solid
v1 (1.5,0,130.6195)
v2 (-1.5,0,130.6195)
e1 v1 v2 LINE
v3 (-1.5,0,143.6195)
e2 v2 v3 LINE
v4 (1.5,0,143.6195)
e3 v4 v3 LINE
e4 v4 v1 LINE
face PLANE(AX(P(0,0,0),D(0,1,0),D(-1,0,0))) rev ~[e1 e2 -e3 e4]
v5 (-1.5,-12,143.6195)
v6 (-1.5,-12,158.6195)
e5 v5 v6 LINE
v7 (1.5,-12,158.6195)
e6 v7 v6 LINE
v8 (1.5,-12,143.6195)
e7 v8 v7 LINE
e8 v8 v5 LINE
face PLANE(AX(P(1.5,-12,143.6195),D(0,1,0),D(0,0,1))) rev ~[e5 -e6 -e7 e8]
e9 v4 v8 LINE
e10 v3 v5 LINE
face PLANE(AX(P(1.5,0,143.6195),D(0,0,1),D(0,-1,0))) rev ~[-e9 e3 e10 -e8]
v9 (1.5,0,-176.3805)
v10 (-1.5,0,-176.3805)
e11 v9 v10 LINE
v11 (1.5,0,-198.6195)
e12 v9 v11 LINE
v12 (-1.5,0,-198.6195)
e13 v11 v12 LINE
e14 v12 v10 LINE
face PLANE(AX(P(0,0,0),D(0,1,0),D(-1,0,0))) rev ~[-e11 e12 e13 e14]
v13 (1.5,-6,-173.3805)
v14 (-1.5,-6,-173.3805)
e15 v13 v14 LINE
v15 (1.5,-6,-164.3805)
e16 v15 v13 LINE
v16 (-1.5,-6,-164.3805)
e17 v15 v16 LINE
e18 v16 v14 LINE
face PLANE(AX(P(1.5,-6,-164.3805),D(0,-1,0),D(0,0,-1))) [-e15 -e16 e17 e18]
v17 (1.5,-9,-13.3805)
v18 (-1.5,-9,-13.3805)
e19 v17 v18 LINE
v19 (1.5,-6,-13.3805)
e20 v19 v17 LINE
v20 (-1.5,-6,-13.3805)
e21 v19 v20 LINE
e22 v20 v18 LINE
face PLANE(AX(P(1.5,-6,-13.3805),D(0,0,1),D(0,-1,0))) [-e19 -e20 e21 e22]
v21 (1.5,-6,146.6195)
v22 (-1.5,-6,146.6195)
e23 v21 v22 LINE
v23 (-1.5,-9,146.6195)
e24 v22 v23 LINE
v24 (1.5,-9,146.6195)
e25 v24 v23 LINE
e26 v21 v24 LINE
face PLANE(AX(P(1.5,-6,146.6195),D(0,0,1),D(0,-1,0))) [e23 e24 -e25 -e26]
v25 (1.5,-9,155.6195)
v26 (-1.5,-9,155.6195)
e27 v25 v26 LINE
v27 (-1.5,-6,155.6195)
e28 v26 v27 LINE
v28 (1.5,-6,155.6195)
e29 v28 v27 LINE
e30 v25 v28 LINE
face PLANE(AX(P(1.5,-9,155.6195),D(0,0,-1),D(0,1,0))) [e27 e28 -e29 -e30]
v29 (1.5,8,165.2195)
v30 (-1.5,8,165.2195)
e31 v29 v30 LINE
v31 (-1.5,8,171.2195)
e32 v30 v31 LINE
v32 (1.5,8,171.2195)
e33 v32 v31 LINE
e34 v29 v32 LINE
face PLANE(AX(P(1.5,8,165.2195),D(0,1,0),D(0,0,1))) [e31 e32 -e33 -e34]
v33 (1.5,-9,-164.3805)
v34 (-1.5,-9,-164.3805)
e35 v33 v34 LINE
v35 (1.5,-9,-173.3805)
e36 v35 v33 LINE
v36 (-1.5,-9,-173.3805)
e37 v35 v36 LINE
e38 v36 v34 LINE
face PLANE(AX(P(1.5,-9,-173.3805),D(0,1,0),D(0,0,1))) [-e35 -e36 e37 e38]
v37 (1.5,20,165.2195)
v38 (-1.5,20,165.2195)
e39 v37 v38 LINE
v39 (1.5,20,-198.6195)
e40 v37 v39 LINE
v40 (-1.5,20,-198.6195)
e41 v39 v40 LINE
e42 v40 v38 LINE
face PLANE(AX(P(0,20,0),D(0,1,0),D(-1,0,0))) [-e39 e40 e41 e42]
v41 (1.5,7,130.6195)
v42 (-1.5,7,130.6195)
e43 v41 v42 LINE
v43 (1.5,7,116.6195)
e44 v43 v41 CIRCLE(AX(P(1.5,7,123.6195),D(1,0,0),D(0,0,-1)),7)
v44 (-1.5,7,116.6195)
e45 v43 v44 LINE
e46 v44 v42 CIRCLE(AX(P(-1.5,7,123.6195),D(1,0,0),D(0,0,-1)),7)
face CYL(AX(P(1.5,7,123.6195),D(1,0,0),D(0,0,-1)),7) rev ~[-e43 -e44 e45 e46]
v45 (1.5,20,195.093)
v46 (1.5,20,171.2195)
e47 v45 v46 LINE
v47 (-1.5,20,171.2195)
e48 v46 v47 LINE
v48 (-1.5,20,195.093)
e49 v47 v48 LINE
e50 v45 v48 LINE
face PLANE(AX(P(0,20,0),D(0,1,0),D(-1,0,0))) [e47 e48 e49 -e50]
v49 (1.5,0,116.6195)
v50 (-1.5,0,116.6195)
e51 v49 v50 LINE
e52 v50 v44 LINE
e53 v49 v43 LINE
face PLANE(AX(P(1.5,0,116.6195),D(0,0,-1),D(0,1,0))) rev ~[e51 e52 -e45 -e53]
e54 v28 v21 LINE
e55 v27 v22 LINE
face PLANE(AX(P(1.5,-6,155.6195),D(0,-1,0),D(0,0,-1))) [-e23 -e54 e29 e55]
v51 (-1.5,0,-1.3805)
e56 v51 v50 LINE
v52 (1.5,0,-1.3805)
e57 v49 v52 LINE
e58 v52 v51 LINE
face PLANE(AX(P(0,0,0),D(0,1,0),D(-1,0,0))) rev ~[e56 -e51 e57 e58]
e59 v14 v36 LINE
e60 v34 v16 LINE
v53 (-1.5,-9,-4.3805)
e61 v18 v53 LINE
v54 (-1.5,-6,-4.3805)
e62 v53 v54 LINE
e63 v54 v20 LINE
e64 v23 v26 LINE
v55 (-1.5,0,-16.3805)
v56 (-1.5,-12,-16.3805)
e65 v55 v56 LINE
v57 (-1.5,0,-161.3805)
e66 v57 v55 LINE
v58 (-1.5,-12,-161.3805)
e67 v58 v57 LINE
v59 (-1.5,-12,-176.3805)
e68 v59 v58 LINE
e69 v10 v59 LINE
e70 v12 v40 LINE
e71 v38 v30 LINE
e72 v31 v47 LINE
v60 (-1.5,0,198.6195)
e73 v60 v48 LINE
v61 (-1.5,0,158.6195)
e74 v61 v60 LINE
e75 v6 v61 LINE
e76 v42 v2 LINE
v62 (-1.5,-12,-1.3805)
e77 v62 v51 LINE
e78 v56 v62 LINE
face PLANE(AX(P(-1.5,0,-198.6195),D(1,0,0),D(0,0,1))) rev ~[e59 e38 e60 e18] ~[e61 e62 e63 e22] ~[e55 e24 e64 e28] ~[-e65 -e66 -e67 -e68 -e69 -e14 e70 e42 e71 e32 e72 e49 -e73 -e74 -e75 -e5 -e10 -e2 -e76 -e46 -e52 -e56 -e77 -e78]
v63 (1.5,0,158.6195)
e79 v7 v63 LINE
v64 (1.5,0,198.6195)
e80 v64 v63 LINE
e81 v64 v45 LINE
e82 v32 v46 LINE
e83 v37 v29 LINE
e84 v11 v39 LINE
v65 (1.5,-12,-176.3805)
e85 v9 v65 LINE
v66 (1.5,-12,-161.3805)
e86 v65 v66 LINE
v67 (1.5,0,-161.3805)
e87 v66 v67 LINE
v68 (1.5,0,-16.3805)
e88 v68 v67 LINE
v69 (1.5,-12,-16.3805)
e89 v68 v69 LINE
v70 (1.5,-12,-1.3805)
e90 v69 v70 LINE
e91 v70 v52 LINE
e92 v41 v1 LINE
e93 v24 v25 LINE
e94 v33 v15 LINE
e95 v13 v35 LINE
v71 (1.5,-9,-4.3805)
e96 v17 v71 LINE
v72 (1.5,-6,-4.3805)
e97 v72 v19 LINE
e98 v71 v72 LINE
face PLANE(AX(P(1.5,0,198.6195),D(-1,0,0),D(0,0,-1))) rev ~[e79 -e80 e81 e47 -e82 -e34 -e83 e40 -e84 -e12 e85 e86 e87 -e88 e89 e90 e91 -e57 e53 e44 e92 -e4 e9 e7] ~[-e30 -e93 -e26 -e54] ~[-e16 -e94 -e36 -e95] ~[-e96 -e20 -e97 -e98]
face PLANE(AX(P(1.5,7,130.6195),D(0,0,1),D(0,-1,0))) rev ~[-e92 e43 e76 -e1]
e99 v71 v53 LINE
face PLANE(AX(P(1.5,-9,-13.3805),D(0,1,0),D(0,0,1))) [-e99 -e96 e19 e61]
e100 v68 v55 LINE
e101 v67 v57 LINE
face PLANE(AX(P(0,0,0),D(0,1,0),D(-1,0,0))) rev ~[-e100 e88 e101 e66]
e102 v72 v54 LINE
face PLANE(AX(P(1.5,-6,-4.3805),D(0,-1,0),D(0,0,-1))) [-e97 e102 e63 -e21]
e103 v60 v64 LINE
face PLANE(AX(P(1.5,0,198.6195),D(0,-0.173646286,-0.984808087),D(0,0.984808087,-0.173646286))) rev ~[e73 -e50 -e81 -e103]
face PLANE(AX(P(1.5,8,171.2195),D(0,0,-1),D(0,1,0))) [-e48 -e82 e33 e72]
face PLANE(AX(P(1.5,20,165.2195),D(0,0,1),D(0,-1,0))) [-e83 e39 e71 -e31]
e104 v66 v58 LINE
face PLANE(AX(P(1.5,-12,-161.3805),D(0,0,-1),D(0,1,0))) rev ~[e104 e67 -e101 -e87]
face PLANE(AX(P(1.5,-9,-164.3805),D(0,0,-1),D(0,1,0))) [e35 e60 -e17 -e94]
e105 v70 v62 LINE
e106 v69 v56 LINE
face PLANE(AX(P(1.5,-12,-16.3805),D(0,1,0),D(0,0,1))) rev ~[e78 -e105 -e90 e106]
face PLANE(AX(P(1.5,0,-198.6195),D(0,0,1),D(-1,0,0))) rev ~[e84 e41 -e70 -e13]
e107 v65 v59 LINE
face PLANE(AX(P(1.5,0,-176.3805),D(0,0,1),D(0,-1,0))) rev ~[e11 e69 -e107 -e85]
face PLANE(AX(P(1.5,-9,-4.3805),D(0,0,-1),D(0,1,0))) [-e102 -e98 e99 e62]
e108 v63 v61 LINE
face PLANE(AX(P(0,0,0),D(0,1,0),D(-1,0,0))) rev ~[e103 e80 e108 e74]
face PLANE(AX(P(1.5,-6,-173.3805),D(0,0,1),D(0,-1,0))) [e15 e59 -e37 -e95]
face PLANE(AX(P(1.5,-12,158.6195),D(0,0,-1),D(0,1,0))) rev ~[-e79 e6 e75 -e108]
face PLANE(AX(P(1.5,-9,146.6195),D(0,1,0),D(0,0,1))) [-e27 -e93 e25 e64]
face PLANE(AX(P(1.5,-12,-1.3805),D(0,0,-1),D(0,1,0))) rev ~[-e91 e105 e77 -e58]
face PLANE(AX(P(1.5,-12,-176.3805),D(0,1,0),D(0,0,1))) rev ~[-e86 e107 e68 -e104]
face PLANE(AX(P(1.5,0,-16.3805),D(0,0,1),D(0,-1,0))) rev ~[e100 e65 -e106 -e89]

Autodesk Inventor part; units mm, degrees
ref_plane "YZ Plane" through (0, 0, 0) normal (1, 0, 0) x (0, 1, 0)
ref_plane "XZ Plane" through (0, 0, 0) normal (0, 1, 0) x (-1, 0, 0)
ref_plane "XY Plane" through (0, 0, 0) normal (0, 0, 1) x (1, 0, 0)
sketch "Sketch2" plane through (0, 0, 0) normal (0, 1, 0) x (-1, 0, 0)
  line L0 (-1.5, -198.6195) -> (1.5, -198.6195)
  line L1 (1.5, -198.6195) -> (1.5, 198.6195)
  line L2 (1.5, 198.6195) -> (-1.5, 198.6195)
  line L3 (-1.5, 198.6195) -> (-1.5, -198.6195)
  line L4 (-1.5, -198.6195) -> (1.5, 198.6195) construction
  line L5 (1.5, -198.6195) -> (-1.5, 198.6195) construction
  point P0 (0, 0)
  dimension "d0" = 3
  dimension "d1" = 397.239
extrude "Extrusion1" add sketch "Sketch2" along normal blind 20
sketch "Sketch3" plane through (1.5, 0, 198.6195) normal (1, 0, 0) x (0, 0, -1)
  line L0 (397.239, 0) -> (0, 0) projected
  line L1 (68, 0) -> (82, 0)
  line L2 (82, 0) -> (82, 7)
  line L3 (68, 7) -> (68, 0)
  arc A0 (82, 7) -> (68, 7) centre (75, 7) ccw
  arc A1 (68, 7) -> (82, 7) centre (75, 7) ccw construction
  line L4 (0, 0) -> (0, 20) projected
  point P0 (198.6195, 0)
  dimension "d4" = 14
  dimension "d5" = 7
  dimension "d6" = 14
  dimension "d9" = 75
extrude "Extrusion2" cut sketch "Sketch3" against normal through all
sketch "Sketch4" plane through (1.5, 0, -198.6195) normal (1, 0, 0) x (0, 0, -1)
  line L0 (-329.239, 0) -> (-397.239, 0) projected
  line L1 (-397.239, 0) -> (-397.239, 20) projected
  line L2 (-397.239, 0) -> (-397.239, 20)
  line L3 (-397.239, 20) -> (-393.7125, 20)
  line L4 (-397.239, 20) -> (0, 20) projected
  line L5 (-397.239, 0) -> (-393.7125, 20)
  point P0 (-198.6195, 0)
  dimension "d10" = 10
extrude "Extrusion3" cut sketch "Sketch4" against normal through all
sketch "Sketch6" plane through (1.5, 0, -198.6195) normal (1, 0, 0) x (0, 0, -1)
  line L0 (-393.7125, 20) -> (0, 20) projected
  line L1 (-369.839, 20) -> (-363.839, 20)
  line L2 (-363.839, 20) -> (-363.839, 8)
  line L3 (-363.839, 8) -> (-369.839, 8)
  line L4 (-369.839, 8) -> (-369.839, 20)
  line L5 (-329.239, 0) -> (-397.239, 0) construction
  line L6 (-397.239, 0) -> (-397.239, 30) construction
  point P0 (-198.6195, 0)
  dimension "d20" = 6
  dimension "d21" = 12
  dimension "d25" = 27.4
extrude "Extrusion5" cut sketch "Sketch6" against normal blind 6
sketch "Sketch7" plane through (1.5, 0, -198.6195) normal (1, 0, 0) x (0, 0, -1)
  line L0 (-357.239, 0) -> (-342.239, 0)
  line L1 (-342.239, 0) -> (-342.239, -12)
  line L2 (-342.239, -12) -> (-357.239, -12)
  line L3 (-357.239, -12) -> (-357.239, 0)
  line L4 (-354.239, -6) -> (-345.239, -6)
  line L5 (-345.239, -6) -> (-345.239, -9)
  line L6 (-345.239, -9) -> (-354.239, -9)
  line L7 (-354.239, -9) -> (-354.239, -6)
  line L8 (-397.239, 0) -> (-329.239, 0) projected
  line L9 (-197.239, 0) -> (-182.239, 0)
  line L10 (-182.239, 0) -> (-182.239, -12)
  line L11 (-182.239, -12) -> (-197.239, -12)
  line L12 (-197.239, -12) -> (-197.239, 0)
  line L13 (-194.239, -6) -> (-185.239, -6)
  line L14 (-185.239, -6) -> (-185.239, -9)
  line L15 (-185.239, -9) -> (-194.239, -9)
  line L16 (-194.239, -9) -> (-194.239, -6)
  line L17 (-37.239, 0) -> (-22.239, 0)
  line L18 (-22.239, 0) -> (-22.239, -12)
  line L19 (-22.239, -12) -> (-37.239, -12)
  line L20 (-37.239, -12) -> (-37.239, 0)
  line L21 (-34.239, -6) -> (-25.239, -6)
  line L22 (-25.239, -6) -> (-25.239, -9)
  line L23 (-25.239, -9) -> (-34.239, -9)
  line L24 (-34.239, -9) -> (-34.239, -6)
  line L25 (-315.239, 0) -> (0, 0) projected
  point P0 (-198.6195, 0)
  dimension "d26" = 15
  dimension "d27" = 3
  dimension "d28" = 6
  dimension "d29" = 3
  dimension "d30" = 3
  dimension "d31" = 3
  dimension "d32" = 40
  dimension "d33" = 15
  dimension "d34" = 3
  dimension "d35" = 6
  dimension "d36" = 3
  dimension "d37" = 3
  dimension "d38" = 3
  dimension "d39" = 15
  dimension "d40" = 3
  dimension "d41" = 6
  dimension "d42" = 3
  dimension "d43" = 3
  dimension "d44" = 3
  dimension "d45" = 145
  dimension "d46" = 145
extrude "Extrusion6" add sketch "Sketch7" against normal blind 3
equation "\"d30\" = d29"
equation "\"d31\" = d29"
equation "\"d37\" = d36"
equation "\"d38\" = d36"
equation "\"d43\" = d42"
equation "\"d44\" = d42"
properties part number "wall-inner-plunger"
